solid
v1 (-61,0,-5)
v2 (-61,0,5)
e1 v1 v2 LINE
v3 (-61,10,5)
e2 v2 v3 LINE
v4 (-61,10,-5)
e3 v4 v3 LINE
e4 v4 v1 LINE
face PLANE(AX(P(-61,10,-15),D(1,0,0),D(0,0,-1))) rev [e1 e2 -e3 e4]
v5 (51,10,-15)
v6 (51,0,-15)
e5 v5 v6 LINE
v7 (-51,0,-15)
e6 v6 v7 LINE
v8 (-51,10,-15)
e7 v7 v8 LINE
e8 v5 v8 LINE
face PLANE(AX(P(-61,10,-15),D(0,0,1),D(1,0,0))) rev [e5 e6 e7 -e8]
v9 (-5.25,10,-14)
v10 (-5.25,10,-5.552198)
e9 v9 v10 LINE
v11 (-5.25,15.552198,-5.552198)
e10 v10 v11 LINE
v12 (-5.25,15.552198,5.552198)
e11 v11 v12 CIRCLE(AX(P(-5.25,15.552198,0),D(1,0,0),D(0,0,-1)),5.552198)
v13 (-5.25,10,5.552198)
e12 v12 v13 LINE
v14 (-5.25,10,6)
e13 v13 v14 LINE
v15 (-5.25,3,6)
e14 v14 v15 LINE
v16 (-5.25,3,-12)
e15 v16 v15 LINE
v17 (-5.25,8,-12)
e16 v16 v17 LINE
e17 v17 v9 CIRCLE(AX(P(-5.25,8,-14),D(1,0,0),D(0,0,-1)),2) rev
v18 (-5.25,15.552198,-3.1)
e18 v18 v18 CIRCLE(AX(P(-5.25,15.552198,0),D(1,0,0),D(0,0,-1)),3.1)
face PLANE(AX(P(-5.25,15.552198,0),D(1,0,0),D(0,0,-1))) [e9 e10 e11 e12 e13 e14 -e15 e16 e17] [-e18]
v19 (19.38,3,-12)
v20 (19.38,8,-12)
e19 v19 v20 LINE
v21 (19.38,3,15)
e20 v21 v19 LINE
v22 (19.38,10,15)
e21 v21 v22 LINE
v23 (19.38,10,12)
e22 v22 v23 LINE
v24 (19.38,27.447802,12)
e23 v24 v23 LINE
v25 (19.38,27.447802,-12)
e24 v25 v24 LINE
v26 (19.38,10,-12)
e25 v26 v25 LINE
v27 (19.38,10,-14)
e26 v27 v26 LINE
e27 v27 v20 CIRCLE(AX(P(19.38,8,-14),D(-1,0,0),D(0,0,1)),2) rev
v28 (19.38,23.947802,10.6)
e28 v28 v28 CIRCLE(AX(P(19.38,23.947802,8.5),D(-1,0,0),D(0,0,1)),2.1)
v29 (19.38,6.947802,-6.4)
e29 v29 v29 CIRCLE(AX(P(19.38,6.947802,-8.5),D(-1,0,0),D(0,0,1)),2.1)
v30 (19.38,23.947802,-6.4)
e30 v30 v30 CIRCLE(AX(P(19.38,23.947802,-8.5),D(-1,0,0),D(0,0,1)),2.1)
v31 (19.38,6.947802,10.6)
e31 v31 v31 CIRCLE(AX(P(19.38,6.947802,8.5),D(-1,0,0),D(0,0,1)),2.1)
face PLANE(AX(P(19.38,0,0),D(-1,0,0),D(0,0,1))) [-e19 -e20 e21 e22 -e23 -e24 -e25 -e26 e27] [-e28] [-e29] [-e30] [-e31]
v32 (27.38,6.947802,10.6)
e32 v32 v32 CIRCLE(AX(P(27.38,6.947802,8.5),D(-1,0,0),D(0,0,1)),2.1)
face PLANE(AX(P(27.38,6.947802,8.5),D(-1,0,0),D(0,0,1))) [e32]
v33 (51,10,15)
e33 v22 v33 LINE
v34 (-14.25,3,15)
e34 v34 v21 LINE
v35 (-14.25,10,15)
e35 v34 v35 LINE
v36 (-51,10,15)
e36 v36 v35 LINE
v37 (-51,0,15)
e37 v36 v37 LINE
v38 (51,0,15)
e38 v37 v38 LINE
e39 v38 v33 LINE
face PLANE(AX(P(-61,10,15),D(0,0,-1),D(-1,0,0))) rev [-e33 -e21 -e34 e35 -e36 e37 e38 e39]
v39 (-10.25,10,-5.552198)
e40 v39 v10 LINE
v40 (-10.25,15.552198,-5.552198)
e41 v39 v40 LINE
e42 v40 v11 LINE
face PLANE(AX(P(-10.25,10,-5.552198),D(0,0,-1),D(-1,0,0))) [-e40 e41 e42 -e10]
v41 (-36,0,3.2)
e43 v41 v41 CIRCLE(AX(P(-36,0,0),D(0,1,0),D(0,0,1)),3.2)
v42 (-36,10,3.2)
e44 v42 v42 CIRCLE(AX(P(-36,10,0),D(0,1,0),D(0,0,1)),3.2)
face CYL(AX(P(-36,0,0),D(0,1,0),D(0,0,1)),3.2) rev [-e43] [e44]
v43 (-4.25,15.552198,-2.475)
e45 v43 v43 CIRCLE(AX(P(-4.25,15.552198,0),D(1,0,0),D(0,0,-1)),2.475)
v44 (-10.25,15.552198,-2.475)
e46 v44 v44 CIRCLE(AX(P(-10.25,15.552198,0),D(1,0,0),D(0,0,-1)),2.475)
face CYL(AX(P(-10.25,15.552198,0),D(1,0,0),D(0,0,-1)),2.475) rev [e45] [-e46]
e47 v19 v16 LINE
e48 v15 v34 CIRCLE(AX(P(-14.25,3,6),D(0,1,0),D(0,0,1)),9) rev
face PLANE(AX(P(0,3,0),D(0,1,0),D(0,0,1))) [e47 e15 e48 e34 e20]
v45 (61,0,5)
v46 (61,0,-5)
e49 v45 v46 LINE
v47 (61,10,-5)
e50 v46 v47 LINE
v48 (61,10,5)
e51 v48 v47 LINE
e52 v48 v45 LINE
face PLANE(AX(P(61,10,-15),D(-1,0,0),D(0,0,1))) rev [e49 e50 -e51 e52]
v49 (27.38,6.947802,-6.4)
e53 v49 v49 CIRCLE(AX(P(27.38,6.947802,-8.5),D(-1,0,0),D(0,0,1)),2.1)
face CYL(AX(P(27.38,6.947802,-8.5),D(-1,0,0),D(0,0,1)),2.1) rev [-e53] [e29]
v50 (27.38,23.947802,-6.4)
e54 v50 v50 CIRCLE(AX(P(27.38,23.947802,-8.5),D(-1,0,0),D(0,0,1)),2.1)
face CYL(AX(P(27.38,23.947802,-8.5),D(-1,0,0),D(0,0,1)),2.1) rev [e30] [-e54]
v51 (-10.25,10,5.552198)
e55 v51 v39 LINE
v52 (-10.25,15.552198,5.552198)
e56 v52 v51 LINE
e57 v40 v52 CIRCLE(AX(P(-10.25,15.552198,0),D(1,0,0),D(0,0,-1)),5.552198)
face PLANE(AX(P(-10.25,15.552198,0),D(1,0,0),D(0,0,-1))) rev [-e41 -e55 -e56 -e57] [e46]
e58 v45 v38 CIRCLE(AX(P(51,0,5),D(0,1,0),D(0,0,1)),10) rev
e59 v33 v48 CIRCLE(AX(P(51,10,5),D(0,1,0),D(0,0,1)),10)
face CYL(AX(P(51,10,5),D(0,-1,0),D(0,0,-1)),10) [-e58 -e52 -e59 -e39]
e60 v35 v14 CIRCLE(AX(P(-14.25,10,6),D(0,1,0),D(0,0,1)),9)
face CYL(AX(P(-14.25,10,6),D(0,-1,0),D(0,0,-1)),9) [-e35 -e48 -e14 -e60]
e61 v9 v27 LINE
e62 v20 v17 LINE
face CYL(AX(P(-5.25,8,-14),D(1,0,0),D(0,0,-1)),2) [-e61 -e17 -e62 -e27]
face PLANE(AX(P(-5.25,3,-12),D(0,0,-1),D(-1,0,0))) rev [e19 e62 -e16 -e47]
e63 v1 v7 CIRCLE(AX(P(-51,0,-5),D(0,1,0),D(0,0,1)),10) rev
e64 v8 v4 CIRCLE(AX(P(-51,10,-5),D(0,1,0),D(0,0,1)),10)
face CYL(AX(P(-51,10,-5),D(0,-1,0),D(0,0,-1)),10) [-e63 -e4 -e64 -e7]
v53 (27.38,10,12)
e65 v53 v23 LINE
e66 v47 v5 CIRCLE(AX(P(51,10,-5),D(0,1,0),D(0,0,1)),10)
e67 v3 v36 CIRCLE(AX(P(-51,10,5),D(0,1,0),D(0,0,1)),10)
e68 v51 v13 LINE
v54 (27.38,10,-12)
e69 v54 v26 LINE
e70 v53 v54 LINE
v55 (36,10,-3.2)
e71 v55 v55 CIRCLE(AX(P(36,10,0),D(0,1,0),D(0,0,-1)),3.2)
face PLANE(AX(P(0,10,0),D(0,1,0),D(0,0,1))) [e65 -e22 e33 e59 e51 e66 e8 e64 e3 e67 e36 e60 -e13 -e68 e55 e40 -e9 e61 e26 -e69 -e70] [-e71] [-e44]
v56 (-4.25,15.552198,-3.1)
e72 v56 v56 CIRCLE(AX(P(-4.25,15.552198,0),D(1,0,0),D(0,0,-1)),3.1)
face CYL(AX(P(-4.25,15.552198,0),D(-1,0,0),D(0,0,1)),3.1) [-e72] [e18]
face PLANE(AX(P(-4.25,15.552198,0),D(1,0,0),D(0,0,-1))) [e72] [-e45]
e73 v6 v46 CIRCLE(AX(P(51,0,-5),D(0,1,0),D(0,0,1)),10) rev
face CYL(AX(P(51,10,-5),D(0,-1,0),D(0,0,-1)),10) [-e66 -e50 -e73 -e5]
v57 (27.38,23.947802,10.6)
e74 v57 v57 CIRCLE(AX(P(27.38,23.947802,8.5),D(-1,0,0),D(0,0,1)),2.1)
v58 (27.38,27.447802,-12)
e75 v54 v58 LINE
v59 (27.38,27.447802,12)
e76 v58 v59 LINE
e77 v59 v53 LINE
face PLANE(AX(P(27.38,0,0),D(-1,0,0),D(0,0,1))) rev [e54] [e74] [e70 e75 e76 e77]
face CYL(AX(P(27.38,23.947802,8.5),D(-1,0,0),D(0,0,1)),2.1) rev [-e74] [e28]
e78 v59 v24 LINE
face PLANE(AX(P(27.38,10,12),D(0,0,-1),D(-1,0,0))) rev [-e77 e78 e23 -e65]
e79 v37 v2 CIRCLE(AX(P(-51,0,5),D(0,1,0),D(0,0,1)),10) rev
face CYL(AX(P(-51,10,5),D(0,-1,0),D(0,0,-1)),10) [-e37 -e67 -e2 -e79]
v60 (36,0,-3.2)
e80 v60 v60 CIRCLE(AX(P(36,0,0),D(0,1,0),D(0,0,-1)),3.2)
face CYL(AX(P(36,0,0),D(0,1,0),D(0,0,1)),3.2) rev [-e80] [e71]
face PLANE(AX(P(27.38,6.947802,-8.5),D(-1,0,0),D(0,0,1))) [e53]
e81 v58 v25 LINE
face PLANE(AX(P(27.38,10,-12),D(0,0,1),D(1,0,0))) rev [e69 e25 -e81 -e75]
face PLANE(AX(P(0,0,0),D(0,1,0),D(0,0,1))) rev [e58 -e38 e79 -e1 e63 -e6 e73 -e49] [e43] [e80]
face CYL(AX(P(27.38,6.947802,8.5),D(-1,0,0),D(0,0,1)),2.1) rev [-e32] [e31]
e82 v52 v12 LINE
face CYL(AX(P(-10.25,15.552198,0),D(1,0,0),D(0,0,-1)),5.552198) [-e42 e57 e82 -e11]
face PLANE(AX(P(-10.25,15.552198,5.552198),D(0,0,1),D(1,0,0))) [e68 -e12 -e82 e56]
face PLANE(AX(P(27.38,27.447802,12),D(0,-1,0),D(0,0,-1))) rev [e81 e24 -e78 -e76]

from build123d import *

# Parameters (mm, degrees)
SKETCH1_W           = 122
SKETCH1_H           = 30
BOSS_EXTRUDE1_DEPTH = 10
SKETCH2_W           = 24
SKETCH2_H           = 17.447802
BOSS_EXTRUDE2_DEPTH = 8
SKETCH3_R           = 2.475
BOSS_EXTRUDE3_DEPTH = 5
SKETCH4_W           = 24.63
SKETCH4_H           = 27
CUT_EXTRUDE1_DEPTH  = 7
FILLET1_R           = 10
SKETCH7_R           = 3.2
CUT_EXTRUDE2_DEPTH  = 66.195289666
BOSS_EXTRUDE5_START = 1
SKETCH8_R           = 3.1
SKETCH8_R_2         = 2.475
BOSS_EXTRUDE5_DEPTH = 1
FILLET2_R           = 9
FILLET3_R           = 2
SKETCH9_R           = 2.1
CUT_EXTRUDE3_DEPTH  = 8


with BuildPart() as part:
    # Sketch1 → Boss-Extrude1 (new body)
    with BuildSketch(Plane(origin=(0, 0, 0), x_dir=(1, 0, 0), z_dir=(0, 1, 0))):
        Rectangle(SKETCH1_W, SKETCH1_H)
    extrude(amount=BOSS_EXTRUDE1_DEPTH)

    # Sketch2 → Boss-Extrude2 (add)
    with BuildSketch(Plane(origin=(19.38, 0, 0), x_dir=(0, 0, -1), z_dir=(1, 0, 0))):
        with Locations((0, 18.723901)):
            Rectangle(SKETCH2_W, SKETCH2_H)
    extrude(amount=BOSS_EXTRUDE2_DEPTH)

    # Sketch3 → Boss-Extrude3 (add)
    with BuildSketch(Plane(origin=(-5.25, 0, 0), x_dir=(0, 0, -1), z_dir=(1, 0, 0))):
        with BuildLine():
            Line((-5.552198, 15.552198), (-5.552198, 10))
            Line((-5.552198, 10), (5.552198, 10))
            Line((5.552198, 10), (5.552198, 15.552198))
            ThreePointArc((5.552198, 15.552198), (0, 21.104396), (-5.552198, 15.552198))
        make_face()
        with Locations((0, 15.552198)):
            Circle(SKETCH3_R, mode=Mode.SUBTRACT)
    extrude(amount=-BOSS_EXTRUDE3_DEPTH)

    # Sketch4 → Cut-Extrude1 (cut)
    with BuildSketch(Plane(origin=(0, 10, 0), x_dir=(1, 0, 0), z_dir=(0, 1, 0))):
        with Locations((7.065, -1.5)):
            Rectangle(SKETCH4_W, SKETCH4_H)
    extrude(amount=-CUT_EXTRUDE1_DEPTH, mode=Mode.SUBTRACT)

    # Fillet1
    fillet1_edges = [part.edges().sort_by_distance(p)[0] for p in [
        (61, 5, 15),
        (-61, 5, 15),
        (-61, 5, -15),
        (61, 5, -15),
    ]]
    fillet(fillet1_edges, radius=FILLET1_R)

    # Sketch7 → Cut-Extrude2 (cut, through all)
    with BuildSketch(Plane(origin=(0, 10, 0), x_dir=(1, 0, 0), z_dir=(0, 1, 0))):
        with Locations(Location((-36, 0, 0), (0, 0, 270))):
            Circle(SKETCH7_R)
        with Locations(Location((36, 0, 0), (0, 0, 90))):
            Circle(SKETCH7_R)
    extrude(amount=-CUT_EXTRUDE2_DEPTH, mode=Mode.SUBTRACT)

    # Sketch8 → Boss-Extrude5 (add)
    with BuildSketch(Plane(origin=(-5.25, 0, 0), x_dir=(0, 0, -1), z_dir=(1, 0, 0)).offset(BOSS_EXTRUDE5_START)):
        with Locations((0, 15.552198)):
            Circle(SKETCH8_R)
        with Locations((0, 15.552198)):
            Circle(SKETCH8_R_2, mode=Mode.SUBTRACT)
    extrude(amount=-BOSS_EXTRUDE5_DEPTH)

    # Fillet2
    fillet2_edges = [part.edges().sort_by_distance(p)[0] for p in [
        (-5.25, 6.5, 15),
    ]]
    fillet(fillet2_edges, radius=FILLET2_R)

    # Fillet3
    fillet3_edges = [part.edges().sort_by_distance(p)[0] for p in [
        (7.065, 10, -12),
    ]]
    fillet(fillet3_edges, radius=FILLET3_R)

    # Sketch9 → Cut-Extrude3 (cut)
    with BuildSketch(Plane.ZY.offset(-19.38)):
        with Locations((8.5, 23.947802)):
            Circle(SKETCH9_R)
        with Locations((8.5, 6.947802)):
            Circle(SKETCH9_R)
        with Locations((-8.5, 6.947802)):
            Circle(SKETCH9_R)
        with Locations((-8.5, 23.947802)):
            Circle(SKETCH9_R)
    extrude(amount=-CUT_EXTRUDE3_DEPTH, mode=Mode.SUBTRACT)


solid = part.part
